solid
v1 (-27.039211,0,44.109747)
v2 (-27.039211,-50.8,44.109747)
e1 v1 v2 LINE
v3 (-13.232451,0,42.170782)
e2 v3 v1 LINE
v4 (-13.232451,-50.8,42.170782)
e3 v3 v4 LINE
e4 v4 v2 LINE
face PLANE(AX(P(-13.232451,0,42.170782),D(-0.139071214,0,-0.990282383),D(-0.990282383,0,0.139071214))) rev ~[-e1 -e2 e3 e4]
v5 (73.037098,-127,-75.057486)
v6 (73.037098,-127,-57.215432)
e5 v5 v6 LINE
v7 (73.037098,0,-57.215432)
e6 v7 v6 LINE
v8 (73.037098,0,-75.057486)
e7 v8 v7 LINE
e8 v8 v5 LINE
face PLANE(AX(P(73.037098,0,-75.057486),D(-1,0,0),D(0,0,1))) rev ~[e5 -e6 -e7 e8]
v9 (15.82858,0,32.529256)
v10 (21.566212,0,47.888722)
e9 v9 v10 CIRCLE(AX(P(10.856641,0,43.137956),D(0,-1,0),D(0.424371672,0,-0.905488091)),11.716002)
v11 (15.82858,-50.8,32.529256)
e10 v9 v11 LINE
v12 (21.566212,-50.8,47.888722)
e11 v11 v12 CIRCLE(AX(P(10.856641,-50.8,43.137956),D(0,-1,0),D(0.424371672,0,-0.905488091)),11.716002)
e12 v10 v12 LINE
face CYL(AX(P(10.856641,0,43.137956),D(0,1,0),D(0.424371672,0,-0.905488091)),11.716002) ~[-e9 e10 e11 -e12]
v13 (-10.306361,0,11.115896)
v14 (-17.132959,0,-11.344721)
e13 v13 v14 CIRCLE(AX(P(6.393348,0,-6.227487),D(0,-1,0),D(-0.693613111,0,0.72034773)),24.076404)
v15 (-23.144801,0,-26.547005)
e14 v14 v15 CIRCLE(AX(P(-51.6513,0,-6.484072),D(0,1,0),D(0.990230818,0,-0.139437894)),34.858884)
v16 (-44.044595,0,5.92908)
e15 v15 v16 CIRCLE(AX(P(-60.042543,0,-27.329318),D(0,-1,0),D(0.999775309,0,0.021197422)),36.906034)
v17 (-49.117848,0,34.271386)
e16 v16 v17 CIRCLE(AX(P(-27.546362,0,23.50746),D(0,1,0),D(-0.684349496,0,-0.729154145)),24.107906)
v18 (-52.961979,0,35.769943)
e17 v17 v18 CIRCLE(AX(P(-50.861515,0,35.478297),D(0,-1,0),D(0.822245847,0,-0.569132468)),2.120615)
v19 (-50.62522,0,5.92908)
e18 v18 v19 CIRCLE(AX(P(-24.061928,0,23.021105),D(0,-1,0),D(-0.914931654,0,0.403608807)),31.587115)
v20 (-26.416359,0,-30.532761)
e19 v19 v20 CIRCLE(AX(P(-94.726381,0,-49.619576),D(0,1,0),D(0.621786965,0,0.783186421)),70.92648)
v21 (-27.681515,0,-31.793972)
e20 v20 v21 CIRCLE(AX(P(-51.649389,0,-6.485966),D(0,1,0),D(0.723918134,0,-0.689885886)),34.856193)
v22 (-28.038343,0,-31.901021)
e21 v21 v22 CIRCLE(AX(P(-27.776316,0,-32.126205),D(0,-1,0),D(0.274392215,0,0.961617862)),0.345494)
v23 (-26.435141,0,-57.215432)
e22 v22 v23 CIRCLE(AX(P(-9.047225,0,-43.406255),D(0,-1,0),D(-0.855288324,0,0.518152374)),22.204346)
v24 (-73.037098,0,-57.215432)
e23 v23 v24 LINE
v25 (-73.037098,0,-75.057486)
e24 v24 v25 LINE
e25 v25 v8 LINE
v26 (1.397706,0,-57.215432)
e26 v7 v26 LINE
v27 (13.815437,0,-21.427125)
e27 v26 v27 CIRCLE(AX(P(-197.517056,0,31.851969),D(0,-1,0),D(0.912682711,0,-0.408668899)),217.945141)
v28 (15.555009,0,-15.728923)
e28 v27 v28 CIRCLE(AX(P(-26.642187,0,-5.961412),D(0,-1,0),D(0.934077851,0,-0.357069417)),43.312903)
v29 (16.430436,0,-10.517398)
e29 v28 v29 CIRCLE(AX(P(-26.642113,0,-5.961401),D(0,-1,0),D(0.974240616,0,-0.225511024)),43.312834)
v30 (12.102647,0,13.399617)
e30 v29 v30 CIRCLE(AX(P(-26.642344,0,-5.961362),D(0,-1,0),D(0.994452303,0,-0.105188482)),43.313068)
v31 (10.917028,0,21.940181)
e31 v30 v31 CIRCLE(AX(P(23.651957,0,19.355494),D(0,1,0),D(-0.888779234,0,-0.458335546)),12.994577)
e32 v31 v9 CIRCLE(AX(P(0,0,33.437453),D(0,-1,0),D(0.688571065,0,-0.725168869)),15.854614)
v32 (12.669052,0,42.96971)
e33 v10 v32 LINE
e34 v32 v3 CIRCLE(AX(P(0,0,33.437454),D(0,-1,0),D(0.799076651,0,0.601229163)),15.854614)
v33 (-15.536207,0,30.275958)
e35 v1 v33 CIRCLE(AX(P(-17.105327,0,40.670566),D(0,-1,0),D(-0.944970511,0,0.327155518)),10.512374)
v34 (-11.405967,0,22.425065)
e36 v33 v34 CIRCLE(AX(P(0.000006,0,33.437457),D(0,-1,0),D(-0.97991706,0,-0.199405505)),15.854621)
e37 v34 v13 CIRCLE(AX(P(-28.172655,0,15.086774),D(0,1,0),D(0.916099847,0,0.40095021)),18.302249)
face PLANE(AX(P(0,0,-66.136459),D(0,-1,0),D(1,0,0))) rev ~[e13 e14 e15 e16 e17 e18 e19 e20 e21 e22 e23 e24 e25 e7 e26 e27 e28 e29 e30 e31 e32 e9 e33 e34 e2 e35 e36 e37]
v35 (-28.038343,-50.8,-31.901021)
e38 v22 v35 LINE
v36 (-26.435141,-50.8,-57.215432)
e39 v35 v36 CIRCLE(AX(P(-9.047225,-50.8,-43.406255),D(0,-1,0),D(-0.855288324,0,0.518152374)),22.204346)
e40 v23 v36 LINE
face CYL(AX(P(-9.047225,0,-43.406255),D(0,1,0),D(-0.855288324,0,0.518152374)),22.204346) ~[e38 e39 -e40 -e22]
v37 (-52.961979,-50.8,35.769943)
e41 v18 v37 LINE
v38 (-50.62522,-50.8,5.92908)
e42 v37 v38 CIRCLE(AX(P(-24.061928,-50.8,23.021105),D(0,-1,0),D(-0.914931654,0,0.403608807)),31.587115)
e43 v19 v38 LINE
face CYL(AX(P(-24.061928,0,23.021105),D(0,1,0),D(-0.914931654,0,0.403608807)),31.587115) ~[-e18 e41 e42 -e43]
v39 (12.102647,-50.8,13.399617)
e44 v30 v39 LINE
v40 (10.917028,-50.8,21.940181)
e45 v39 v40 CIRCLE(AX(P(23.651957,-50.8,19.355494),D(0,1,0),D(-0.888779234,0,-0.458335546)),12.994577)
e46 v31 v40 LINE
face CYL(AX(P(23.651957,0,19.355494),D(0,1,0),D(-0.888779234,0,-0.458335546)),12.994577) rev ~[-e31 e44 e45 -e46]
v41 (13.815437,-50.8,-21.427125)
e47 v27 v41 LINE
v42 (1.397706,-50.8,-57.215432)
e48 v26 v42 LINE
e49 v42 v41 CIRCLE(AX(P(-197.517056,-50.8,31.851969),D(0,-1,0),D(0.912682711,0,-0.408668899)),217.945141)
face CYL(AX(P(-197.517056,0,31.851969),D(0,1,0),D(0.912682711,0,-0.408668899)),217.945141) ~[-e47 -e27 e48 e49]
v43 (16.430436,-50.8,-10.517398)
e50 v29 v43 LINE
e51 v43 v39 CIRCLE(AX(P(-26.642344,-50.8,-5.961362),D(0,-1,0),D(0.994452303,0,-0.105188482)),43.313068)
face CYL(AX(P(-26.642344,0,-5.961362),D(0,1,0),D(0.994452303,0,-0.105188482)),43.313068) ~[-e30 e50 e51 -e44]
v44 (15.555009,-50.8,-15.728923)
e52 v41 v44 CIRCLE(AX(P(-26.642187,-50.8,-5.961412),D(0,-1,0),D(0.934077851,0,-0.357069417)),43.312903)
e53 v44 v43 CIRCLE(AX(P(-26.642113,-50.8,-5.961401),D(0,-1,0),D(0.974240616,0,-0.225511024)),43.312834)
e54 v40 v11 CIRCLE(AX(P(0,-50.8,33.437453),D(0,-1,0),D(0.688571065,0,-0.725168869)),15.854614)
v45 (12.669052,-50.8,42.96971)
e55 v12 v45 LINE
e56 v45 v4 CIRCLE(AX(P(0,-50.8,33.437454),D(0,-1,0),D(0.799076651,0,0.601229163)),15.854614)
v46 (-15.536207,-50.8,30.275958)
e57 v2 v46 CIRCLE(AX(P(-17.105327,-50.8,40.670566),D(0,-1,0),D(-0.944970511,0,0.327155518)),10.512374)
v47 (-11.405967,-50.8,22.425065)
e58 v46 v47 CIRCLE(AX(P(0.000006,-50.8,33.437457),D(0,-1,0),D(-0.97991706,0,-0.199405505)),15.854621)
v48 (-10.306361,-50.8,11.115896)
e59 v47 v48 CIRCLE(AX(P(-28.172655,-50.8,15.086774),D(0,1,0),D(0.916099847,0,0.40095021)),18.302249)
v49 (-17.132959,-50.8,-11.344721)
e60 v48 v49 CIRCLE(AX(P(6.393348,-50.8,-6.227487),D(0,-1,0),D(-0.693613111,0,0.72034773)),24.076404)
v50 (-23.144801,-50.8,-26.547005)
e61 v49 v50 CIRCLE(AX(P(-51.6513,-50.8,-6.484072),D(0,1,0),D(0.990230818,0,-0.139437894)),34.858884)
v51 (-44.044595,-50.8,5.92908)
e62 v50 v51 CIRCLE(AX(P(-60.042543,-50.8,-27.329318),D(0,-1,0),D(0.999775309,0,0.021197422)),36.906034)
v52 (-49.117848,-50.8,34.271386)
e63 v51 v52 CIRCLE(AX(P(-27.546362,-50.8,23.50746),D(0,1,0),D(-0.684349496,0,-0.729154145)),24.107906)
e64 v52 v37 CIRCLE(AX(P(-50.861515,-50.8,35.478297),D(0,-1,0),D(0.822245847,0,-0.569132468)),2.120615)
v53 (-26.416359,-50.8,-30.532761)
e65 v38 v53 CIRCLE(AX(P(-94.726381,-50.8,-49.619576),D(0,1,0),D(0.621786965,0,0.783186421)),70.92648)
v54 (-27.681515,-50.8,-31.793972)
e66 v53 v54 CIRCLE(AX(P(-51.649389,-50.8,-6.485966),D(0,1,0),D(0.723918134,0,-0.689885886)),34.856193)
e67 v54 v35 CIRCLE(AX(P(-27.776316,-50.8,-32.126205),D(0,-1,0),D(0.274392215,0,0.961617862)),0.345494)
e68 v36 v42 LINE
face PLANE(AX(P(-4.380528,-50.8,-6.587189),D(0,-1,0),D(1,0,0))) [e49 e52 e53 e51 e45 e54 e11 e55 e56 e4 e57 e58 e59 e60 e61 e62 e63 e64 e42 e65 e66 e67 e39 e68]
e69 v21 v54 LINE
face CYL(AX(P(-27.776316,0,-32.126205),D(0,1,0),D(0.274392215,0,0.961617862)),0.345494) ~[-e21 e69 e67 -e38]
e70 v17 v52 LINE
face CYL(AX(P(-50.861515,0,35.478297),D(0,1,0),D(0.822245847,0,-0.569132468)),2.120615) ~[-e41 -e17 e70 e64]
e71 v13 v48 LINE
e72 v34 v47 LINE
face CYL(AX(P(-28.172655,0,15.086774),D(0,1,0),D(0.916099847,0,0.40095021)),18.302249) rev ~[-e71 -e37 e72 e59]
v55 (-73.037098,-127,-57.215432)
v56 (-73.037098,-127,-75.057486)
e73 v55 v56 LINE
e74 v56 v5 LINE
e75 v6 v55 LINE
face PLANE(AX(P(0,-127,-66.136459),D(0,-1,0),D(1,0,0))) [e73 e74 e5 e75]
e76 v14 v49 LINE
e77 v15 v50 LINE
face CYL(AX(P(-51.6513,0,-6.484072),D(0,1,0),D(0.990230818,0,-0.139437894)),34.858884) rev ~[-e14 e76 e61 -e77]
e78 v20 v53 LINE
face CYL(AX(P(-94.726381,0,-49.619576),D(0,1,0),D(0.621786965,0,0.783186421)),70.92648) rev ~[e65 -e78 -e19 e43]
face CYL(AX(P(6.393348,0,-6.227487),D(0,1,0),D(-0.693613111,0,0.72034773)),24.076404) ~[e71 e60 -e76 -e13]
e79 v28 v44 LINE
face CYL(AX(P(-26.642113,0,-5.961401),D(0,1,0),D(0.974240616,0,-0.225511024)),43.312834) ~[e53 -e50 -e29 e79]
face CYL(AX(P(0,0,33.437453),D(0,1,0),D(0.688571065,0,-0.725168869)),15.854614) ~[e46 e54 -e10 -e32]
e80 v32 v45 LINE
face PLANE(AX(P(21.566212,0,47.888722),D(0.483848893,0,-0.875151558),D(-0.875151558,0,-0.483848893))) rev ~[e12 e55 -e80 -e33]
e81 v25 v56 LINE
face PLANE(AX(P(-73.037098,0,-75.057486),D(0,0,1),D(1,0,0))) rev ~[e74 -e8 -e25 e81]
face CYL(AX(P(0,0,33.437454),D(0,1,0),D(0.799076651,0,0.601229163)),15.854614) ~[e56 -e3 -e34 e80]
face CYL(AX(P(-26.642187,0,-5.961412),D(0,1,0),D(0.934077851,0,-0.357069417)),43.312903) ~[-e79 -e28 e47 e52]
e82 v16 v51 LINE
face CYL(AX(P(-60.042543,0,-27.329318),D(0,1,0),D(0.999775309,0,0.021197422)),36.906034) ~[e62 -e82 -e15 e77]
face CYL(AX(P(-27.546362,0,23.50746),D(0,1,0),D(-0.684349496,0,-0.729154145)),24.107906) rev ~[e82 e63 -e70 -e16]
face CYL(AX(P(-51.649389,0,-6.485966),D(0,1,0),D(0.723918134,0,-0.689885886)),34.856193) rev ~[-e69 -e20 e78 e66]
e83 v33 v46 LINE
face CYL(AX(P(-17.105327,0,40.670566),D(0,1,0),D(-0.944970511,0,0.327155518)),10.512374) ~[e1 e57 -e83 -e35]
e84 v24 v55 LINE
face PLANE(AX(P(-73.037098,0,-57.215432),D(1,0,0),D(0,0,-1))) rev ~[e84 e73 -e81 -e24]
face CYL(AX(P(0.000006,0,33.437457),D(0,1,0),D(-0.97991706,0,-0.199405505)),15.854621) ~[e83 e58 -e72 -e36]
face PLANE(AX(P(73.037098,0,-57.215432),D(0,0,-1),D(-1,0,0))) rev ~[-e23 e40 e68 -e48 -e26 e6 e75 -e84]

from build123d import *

# Parameters (mm, degrees)
F1_DEPTH = 127
F2_DEPTH = 50.8


with BuildPart() as f1:
    # F0 (on Front) → F1 (new body)
    with BuildSketch(Plane.XZ):
        Polygon((-26.435141, -57.215432), (-73.037098, -57.215432), (-73.037098, -75.057486), (73.037098, -75.057486), (73.037098, -57.215432), (1.397706, -57.215432), align=None)
    extrude(amount=F1_DEPTH)

    # F0 (on Front) → F2 (join)
    with BuildSketch(Plane.XZ):
        with BuildLine():
            ThreePointArc((-28.038343, -31.901021), (-31.207175, -44.80968), (-26.435141, -57.215432))
            Line((-26.435141, -57.215432), (1.397706, -57.215432))
            ThreePointArc((1.397706, -57.215432), (8.385599, -39.591583), (13.815437, -21.427125))
            ThreePointArc((13.815437, -21.427125), (14.783315, -18.607969), (15.555009, -15.728923))
            ThreePointArc((15.555009, -15.728923), (16.072278, -13.136524), (16.430436, -10.517398))
            ThreePointArc((16.430436, -10.517398), (15.978576, 1.750902), (12.102647, 13.399617))
            ThreePointArc((12.102647, 13.399617), (10.780812, 17.568694), (10.917028, 21.940181))
            ThreePointArc((10.917028, 21.940181), (14.382768, 26.766265), (15.82858, 32.529256))
            ThreePointArc((15.82858, 32.529256), (15.174964, 38.029758), (12.669052, 42.96971))
            ThreePointArc((12.669052, 42.96971), (-0.488801, 49.284531), (-13.232451, 42.170782))
            ThreePointArc((-13.232451, 42.170782), (-15.565366, 36.45211), (-15.536207, 30.275958))
            ThreePointArc((-15.536207, 30.275958), (-14.031369, 26.055756), (-11.405967, 22.425065))
            ThreePointArc((-11.405967, 22.425065), (-9.956311, 16.857974), (-10.306361, 11.115896))
            ThreePointArc((-10.306361, 11.115896), (-16.642557, 0.773962), (-17.132959, -11.344721))
            ThreePointArc((-17.132959, -11.344721), (-19.235101, -19.303269), (-23.144801, -26.547005))
            ThreePointArc((-23.144801, -26.547005), (-24.70678, -28.600459), (-26.416359, -30.532761))
            ThreePointArc((-26.416359, -30.532761), (-27.040856, -31.171473), (-27.681515, -31.793972))
            ThreePointArc((-27.681515, -31.793972), (-27.875593, -31.795282), (-28.038343, -31.901021))
        make_face()
        with BuildLine():
            ThreePointArc((12.669052, 42.96971), (15.174964, 38.029758), (15.82858, 32.529256))
            ThreePointArc((15.82858, 32.529256), (21.831874, 39.038084), (21.566212, 47.888722))
            Line((21.566212, 47.888722), (12.669052, 42.96971))
        make_face()
        with BuildLine():
            ThreePointArc((-27.039211, 44.109747), (-25.18838, 33.949385), (-15.536207, 30.275958))
            ThreePointArc((-15.536207, 30.275958), (-15.565366, 36.45211), (-13.232451, 42.170782))
            Line((-13.232451, 42.170782), (-27.039211, 44.109747))
        make_face()
        with BuildLine():
            ThreePointArc((-50.62522, 5.92908), (-35.638015, -10.387821), (-26.416359, -30.532761))
            ThreePointArc((-26.416359, -30.532761), (-24.70678, -28.600459), (-23.144801, -26.547005))
            ThreePointArc((-23.144801, -26.547005), (-29.007683, -7.357016), (-44.044595, 5.92908))
            ThreePointArc((-44.044595, 5.92908), (-51.27709, 19.259676), (-49.117848, 34.271386))
            ThreePointArc((-49.117848, 34.271386), (-50.091291, 37.454091), (-52.961979, 35.769943))
            ThreePointArc((-52.961979, 35.769943), (-55.552639, 20.555151), (-50.62522, 5.92908))
        make_face()
    extrude(amount=F2_DEPTH)


solid = f1.part
